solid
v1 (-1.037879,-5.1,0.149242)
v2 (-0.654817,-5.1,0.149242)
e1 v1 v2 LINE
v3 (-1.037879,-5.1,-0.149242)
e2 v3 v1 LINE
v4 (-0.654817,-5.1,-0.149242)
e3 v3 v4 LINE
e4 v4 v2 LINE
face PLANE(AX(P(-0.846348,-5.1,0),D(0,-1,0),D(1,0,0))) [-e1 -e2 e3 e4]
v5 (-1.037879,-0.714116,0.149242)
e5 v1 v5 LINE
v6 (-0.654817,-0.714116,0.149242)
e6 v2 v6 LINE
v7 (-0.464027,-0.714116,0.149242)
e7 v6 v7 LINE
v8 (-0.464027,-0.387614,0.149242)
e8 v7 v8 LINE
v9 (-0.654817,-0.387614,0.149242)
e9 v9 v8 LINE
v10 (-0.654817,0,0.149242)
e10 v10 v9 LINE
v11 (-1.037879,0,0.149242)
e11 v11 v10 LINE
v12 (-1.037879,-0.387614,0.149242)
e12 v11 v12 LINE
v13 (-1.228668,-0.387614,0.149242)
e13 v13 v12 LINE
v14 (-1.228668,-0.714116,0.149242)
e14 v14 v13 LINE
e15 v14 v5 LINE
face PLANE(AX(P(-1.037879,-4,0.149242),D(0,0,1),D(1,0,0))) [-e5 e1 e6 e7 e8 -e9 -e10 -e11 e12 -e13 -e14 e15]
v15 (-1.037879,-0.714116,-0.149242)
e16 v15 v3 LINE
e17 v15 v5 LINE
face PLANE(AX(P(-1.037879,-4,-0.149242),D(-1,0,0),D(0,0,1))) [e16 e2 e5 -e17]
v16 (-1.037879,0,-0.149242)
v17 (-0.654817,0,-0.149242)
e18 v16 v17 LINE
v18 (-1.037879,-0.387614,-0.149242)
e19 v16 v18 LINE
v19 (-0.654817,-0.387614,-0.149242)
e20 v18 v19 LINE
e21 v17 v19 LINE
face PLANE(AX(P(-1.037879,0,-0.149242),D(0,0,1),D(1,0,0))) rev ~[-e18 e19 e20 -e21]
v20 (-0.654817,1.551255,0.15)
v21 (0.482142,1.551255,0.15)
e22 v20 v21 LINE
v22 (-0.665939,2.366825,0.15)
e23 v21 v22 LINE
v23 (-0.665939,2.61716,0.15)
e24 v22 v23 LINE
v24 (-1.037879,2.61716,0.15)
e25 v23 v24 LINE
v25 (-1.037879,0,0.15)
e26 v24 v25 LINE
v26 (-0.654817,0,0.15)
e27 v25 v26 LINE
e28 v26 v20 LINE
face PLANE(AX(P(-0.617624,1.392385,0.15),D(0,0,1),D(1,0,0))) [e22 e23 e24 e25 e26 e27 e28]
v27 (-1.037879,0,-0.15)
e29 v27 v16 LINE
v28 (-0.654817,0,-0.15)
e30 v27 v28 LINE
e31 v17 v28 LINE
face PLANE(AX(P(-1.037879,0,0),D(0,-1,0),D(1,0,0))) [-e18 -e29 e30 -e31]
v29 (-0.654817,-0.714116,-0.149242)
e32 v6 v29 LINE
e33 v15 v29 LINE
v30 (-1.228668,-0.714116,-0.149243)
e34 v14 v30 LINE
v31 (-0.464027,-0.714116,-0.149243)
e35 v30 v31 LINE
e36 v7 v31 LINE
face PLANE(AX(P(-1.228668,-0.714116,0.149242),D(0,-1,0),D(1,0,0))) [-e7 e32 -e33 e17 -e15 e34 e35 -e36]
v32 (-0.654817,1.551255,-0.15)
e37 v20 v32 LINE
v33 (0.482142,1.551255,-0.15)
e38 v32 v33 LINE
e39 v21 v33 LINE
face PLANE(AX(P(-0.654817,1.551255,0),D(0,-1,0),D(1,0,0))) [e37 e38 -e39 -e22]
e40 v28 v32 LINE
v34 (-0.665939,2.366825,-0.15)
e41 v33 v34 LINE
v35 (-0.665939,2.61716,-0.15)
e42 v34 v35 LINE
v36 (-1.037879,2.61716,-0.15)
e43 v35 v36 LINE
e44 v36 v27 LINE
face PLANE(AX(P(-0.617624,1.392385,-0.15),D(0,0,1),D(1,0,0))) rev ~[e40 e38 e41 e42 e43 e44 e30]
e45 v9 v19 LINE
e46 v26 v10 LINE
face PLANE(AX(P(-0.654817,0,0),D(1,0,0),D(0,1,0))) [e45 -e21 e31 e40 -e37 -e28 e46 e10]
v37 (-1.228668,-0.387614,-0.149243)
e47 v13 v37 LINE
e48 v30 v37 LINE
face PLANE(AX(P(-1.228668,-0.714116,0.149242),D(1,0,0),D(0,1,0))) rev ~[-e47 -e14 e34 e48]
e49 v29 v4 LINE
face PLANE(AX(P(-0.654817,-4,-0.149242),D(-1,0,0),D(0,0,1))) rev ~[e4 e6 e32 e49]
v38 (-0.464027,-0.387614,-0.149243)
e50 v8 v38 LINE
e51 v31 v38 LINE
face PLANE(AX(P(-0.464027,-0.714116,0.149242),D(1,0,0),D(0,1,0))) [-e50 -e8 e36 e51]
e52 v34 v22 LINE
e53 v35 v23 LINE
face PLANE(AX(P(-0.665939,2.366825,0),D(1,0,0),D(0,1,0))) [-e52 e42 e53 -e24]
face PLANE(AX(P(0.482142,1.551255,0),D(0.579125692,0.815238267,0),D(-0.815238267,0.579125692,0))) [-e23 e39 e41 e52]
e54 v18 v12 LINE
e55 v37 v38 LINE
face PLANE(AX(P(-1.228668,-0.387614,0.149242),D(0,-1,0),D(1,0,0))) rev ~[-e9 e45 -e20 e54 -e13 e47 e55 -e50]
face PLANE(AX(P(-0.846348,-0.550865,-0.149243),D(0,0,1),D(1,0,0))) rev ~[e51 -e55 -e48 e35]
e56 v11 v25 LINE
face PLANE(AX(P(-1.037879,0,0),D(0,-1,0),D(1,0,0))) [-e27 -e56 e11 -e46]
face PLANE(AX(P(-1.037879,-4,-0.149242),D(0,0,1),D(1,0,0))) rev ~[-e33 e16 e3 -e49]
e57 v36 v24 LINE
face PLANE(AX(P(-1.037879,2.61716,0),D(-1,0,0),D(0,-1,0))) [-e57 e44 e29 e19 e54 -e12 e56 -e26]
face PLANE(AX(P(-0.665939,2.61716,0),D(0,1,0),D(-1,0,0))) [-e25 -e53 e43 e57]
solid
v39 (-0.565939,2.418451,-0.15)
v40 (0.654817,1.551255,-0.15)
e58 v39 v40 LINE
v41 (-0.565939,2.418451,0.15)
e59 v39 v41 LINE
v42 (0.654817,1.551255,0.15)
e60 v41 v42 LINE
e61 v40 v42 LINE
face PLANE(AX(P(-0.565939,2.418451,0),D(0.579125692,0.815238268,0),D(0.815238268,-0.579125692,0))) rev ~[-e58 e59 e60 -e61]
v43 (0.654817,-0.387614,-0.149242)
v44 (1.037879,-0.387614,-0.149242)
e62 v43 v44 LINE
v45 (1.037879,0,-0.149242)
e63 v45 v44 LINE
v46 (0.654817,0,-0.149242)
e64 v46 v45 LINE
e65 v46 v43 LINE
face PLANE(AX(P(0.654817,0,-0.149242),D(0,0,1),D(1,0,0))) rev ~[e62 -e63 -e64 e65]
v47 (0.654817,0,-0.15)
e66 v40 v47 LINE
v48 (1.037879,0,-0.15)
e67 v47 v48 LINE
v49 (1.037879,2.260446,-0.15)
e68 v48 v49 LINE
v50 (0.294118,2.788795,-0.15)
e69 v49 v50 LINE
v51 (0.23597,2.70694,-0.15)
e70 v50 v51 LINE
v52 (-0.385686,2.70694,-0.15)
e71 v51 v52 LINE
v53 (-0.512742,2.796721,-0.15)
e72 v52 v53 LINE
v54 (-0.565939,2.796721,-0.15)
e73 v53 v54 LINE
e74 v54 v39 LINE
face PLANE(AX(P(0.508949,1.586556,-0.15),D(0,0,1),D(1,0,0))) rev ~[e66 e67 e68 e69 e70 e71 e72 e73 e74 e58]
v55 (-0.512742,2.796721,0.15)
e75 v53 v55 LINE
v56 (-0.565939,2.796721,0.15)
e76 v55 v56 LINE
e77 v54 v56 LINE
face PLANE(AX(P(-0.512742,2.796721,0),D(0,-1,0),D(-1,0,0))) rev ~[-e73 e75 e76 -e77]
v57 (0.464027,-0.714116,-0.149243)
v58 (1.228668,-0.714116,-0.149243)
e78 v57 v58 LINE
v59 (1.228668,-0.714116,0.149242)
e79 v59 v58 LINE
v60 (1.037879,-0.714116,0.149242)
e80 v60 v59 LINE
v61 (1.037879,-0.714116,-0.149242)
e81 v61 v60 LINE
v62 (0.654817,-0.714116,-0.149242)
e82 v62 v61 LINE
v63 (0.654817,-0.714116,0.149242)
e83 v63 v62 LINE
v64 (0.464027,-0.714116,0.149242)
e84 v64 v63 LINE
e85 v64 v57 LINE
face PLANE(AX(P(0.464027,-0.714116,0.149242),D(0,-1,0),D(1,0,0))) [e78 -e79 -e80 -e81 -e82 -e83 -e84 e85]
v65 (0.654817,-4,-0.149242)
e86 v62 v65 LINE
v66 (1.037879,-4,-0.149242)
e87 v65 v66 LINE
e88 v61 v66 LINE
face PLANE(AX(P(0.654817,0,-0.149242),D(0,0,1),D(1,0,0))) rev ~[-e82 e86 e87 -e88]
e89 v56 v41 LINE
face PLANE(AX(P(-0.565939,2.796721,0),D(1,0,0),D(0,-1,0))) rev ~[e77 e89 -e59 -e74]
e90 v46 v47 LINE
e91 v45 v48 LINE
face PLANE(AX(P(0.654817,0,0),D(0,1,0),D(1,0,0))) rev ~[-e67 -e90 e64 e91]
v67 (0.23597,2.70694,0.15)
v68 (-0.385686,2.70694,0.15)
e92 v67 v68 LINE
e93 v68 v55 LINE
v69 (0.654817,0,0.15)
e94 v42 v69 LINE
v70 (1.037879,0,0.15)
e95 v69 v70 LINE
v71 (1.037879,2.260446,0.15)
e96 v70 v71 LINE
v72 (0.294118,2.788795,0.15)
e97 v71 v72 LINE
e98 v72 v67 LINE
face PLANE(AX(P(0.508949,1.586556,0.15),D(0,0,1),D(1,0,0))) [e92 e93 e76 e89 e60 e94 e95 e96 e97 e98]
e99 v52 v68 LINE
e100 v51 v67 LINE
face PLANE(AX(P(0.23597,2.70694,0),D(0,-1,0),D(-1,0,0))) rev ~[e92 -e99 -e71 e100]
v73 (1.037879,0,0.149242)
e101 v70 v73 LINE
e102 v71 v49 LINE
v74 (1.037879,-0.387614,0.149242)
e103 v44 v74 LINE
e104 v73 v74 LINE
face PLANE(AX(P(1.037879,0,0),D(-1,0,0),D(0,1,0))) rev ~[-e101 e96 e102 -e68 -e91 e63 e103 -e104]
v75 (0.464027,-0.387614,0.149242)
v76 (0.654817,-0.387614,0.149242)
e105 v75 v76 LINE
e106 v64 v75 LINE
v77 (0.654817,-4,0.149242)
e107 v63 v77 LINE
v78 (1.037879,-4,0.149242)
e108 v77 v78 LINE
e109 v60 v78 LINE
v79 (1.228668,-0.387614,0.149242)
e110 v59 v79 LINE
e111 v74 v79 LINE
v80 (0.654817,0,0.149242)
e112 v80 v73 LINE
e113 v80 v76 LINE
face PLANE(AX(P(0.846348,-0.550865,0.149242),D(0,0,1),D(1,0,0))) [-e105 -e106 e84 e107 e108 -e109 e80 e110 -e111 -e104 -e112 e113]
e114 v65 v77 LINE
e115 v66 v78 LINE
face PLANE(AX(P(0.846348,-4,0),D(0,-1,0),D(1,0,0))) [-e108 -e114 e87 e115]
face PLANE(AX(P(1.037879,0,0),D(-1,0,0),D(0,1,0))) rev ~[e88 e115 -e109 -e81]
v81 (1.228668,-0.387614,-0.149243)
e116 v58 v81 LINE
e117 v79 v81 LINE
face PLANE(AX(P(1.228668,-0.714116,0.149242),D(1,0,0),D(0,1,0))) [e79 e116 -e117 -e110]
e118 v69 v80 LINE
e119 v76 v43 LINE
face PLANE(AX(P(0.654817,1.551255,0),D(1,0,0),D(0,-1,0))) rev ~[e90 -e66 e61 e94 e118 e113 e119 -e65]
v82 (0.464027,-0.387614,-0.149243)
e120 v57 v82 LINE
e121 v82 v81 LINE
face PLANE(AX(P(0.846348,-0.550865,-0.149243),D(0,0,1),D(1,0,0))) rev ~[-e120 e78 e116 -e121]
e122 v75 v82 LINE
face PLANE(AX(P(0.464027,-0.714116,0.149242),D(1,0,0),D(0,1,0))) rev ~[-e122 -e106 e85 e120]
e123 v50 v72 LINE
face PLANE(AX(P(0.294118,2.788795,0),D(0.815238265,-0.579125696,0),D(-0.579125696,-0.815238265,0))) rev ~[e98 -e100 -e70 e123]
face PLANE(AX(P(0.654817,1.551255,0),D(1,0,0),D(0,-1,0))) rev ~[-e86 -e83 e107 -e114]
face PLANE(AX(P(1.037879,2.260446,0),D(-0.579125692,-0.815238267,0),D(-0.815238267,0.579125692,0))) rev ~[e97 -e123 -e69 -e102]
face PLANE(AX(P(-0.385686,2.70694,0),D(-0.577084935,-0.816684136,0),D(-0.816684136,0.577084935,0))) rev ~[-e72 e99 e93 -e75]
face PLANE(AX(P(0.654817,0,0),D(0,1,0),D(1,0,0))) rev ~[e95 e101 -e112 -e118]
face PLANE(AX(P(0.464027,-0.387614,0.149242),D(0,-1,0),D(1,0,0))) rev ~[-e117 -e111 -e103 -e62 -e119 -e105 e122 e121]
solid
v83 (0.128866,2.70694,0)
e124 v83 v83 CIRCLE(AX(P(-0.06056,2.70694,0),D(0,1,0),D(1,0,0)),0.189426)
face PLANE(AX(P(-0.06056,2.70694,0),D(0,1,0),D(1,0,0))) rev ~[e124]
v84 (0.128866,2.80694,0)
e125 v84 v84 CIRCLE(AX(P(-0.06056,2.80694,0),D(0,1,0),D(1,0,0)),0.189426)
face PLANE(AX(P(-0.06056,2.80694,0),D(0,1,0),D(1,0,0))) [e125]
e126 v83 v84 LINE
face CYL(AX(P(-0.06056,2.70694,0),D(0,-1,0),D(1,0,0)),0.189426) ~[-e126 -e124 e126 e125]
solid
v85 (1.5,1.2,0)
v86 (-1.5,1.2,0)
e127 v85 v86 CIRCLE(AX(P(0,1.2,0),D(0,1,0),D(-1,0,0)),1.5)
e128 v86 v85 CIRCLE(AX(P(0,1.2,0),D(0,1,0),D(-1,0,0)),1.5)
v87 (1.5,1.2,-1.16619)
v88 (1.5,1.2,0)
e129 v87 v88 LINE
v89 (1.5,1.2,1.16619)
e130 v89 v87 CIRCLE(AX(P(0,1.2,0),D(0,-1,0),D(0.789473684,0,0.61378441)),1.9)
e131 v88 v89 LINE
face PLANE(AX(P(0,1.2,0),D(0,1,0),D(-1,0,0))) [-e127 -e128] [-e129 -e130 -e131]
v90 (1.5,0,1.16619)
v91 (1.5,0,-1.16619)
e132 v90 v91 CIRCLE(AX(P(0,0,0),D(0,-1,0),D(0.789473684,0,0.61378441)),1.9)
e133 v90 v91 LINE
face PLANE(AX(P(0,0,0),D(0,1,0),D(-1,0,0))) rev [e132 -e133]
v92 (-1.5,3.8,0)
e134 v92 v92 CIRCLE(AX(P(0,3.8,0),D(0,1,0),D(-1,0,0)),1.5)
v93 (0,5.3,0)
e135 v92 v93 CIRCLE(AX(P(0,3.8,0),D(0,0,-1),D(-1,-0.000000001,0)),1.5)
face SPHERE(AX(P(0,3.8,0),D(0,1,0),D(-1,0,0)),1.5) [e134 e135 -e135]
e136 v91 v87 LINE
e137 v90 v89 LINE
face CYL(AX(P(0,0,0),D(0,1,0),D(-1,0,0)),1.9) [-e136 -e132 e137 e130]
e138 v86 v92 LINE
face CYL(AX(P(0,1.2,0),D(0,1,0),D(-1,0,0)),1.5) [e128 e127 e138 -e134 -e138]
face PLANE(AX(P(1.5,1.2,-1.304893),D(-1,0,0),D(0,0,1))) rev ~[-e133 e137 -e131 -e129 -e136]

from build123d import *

# Parameters (mm, degrees)
CUT_EXTRUDE1_DEPTH    = 10
SKETCH3_W             = 0.383062026
SKETCH3_H             = 0.298484562
BOSS_EXTRUDE1_DEPTH   = 4
BOSS_EXTRUDE1_2_DEPTH = 4
BOSS_EXTRUDE2_DEPTH   = 0.15
SKETCH5_R             = 0.189425794
BOSS_EXTRUDE3_DEPTH   = 0.1
SKETCH6_W             = 0.76464177
SKETCH6_H             = 0.32650208
BOSS_EXTRUDE4_DEPTH   = 0.298485
SKETCH7_W             = 0.383062026
SKETCH7_H             = 0.298484562
BOSS_EXTRUDE5_DEPTH   = 1.1


with BuildPart() as part:
    # Sketch1 → Revolve1 (revolve)
    with BuildSketch(Plane.XY):
        with BuildLine():
            Line((0, 0), (-1.9, 0))
            Line((-1.9, 0), (-1.9, 1.2))
            Line((-1.9, 1.2), (-1.5, 1.2))
            Line((-1.5, 1.2), (-1.5, 3.8))
            ThreePointArc((-1.5, 3.8), (-1.060660172, 4.860660172), (0, 5.3))
            Line((0, 5.3), (0, 0))
        make_face()
    revolve(axis=Axis((0, 0, 0), (0, 1, 0)))

    # Sketch2 → Cut-Extrude1 (cut)
    with BuildSketch(Plane(origin=(0, 1.2, 0), x_dir=(1, 0, 0), z_dir=(0, 1, 0))):
        Polygon((1.5, 0), (1.5, 1.304892702), (2.01361065, 1.304892702), (2.01361065, -1.92540112), (1.5, -1.92540112), align=None)
    extrude(amount=-CUT_EXTRUDE1_DEPTH, mode=Mode.SUBTRACT)


with BuildPart() as body_2:
    # Sketch3 → Boss-Extrude1 (new body)
    with BuildSketch(Plane.XZ):
        with Locations((-0.846347528, 0)):
            Rectangle(SKETCH3_W, SKETCH3_H)
    extrude(amount=BOSS_EXTRUDE1_DEPTH)


with BuildPart() as body_3:
    # Sketch3 → Boss-Extrude1 2 (new body)
    with BuildSketch(Plane.XZ):
        with Locations((0.846347528, 0)):
            Rectangle(SKETCH3_W, SKETCH3_H)
    extrude(amount=BOSS_EXTRUDE1_2_DEPTH)


    add(body_2.part)  # Boss-Extrude2 merges body 2
    # Sketch4 → Boss-Extrude2 (add, symmetric)
    with BuildSketch(Plane.XY):
        Polygon((1.037878541, 2.260445566), (0.294117621, 2.788795467), (0.235969658, 2.706940276), (-0.385685641, 2.706940276), (-0.512741887, 2.796720697), (-0.565939225, 2.796720697), (-0.565939225, 2.617159855), (-0.565939225, 2.418450997), (0.654816515, 1.551255429), (0.654816515, 0), (1.037878541, 0), (1.037878541, 1.551255429), align=None)
        Polygon((0.482142428, 1.551255429), (-0.665939225, 2.366825071), (-0.665939225, 2.617159855), (-1.037878541, 2.617159855), (-1.037878541, 1.551255429), (-1.037878541, 0), (-0.654816515, 0), (-0.654816515, 1.551255429), align=None)
    extrude(amount=BOSS_EXTRUDE2_DEPTH, both=True)

    # Sketch6 → Boss-Extrude4 (add)
    with BuildSketch(Plane.XY.offset(0.149242281)):
        with Locations((0.846347528, -0.550865225)):
            Rectangle(SKETCH6_W, SKETCH6_H)
        with Locations((-0.846347528, -0.550865225)):
            Rectangle(SKETCH6_W, SKETCH6_H)
    extrude(amount=-BOSS_EXTRUDE4_DEPTH)

    # Sketch7 → Boss-Extrude5 (add)
    with BuildSketch(Plane.XZ.offset(4)):
        with Locations((-0.846347528, 0)):
            Rectangle(SKETCH7_W, SKETCH7_H)
    extrude(amount=BOSS_EXTRUDE5_DEPTH)


with BuildPart() as body_3_2:
    # Sketch5 → Boss-Extrude3 (new body)
    with BuildSketch(Plane(origin=(0, 2.706940276, 0), x_dir=(1, 0, 0), z_dir=(0, 1, 0))):
        with Locations((-0.060559566, 0)):
            Circle(SKETCH5_R)
    extrude(amount=BOSS_EXTRUDE3_DEPTH)


solid = Compound([part.part, body_3.part, body_3_2.part])
